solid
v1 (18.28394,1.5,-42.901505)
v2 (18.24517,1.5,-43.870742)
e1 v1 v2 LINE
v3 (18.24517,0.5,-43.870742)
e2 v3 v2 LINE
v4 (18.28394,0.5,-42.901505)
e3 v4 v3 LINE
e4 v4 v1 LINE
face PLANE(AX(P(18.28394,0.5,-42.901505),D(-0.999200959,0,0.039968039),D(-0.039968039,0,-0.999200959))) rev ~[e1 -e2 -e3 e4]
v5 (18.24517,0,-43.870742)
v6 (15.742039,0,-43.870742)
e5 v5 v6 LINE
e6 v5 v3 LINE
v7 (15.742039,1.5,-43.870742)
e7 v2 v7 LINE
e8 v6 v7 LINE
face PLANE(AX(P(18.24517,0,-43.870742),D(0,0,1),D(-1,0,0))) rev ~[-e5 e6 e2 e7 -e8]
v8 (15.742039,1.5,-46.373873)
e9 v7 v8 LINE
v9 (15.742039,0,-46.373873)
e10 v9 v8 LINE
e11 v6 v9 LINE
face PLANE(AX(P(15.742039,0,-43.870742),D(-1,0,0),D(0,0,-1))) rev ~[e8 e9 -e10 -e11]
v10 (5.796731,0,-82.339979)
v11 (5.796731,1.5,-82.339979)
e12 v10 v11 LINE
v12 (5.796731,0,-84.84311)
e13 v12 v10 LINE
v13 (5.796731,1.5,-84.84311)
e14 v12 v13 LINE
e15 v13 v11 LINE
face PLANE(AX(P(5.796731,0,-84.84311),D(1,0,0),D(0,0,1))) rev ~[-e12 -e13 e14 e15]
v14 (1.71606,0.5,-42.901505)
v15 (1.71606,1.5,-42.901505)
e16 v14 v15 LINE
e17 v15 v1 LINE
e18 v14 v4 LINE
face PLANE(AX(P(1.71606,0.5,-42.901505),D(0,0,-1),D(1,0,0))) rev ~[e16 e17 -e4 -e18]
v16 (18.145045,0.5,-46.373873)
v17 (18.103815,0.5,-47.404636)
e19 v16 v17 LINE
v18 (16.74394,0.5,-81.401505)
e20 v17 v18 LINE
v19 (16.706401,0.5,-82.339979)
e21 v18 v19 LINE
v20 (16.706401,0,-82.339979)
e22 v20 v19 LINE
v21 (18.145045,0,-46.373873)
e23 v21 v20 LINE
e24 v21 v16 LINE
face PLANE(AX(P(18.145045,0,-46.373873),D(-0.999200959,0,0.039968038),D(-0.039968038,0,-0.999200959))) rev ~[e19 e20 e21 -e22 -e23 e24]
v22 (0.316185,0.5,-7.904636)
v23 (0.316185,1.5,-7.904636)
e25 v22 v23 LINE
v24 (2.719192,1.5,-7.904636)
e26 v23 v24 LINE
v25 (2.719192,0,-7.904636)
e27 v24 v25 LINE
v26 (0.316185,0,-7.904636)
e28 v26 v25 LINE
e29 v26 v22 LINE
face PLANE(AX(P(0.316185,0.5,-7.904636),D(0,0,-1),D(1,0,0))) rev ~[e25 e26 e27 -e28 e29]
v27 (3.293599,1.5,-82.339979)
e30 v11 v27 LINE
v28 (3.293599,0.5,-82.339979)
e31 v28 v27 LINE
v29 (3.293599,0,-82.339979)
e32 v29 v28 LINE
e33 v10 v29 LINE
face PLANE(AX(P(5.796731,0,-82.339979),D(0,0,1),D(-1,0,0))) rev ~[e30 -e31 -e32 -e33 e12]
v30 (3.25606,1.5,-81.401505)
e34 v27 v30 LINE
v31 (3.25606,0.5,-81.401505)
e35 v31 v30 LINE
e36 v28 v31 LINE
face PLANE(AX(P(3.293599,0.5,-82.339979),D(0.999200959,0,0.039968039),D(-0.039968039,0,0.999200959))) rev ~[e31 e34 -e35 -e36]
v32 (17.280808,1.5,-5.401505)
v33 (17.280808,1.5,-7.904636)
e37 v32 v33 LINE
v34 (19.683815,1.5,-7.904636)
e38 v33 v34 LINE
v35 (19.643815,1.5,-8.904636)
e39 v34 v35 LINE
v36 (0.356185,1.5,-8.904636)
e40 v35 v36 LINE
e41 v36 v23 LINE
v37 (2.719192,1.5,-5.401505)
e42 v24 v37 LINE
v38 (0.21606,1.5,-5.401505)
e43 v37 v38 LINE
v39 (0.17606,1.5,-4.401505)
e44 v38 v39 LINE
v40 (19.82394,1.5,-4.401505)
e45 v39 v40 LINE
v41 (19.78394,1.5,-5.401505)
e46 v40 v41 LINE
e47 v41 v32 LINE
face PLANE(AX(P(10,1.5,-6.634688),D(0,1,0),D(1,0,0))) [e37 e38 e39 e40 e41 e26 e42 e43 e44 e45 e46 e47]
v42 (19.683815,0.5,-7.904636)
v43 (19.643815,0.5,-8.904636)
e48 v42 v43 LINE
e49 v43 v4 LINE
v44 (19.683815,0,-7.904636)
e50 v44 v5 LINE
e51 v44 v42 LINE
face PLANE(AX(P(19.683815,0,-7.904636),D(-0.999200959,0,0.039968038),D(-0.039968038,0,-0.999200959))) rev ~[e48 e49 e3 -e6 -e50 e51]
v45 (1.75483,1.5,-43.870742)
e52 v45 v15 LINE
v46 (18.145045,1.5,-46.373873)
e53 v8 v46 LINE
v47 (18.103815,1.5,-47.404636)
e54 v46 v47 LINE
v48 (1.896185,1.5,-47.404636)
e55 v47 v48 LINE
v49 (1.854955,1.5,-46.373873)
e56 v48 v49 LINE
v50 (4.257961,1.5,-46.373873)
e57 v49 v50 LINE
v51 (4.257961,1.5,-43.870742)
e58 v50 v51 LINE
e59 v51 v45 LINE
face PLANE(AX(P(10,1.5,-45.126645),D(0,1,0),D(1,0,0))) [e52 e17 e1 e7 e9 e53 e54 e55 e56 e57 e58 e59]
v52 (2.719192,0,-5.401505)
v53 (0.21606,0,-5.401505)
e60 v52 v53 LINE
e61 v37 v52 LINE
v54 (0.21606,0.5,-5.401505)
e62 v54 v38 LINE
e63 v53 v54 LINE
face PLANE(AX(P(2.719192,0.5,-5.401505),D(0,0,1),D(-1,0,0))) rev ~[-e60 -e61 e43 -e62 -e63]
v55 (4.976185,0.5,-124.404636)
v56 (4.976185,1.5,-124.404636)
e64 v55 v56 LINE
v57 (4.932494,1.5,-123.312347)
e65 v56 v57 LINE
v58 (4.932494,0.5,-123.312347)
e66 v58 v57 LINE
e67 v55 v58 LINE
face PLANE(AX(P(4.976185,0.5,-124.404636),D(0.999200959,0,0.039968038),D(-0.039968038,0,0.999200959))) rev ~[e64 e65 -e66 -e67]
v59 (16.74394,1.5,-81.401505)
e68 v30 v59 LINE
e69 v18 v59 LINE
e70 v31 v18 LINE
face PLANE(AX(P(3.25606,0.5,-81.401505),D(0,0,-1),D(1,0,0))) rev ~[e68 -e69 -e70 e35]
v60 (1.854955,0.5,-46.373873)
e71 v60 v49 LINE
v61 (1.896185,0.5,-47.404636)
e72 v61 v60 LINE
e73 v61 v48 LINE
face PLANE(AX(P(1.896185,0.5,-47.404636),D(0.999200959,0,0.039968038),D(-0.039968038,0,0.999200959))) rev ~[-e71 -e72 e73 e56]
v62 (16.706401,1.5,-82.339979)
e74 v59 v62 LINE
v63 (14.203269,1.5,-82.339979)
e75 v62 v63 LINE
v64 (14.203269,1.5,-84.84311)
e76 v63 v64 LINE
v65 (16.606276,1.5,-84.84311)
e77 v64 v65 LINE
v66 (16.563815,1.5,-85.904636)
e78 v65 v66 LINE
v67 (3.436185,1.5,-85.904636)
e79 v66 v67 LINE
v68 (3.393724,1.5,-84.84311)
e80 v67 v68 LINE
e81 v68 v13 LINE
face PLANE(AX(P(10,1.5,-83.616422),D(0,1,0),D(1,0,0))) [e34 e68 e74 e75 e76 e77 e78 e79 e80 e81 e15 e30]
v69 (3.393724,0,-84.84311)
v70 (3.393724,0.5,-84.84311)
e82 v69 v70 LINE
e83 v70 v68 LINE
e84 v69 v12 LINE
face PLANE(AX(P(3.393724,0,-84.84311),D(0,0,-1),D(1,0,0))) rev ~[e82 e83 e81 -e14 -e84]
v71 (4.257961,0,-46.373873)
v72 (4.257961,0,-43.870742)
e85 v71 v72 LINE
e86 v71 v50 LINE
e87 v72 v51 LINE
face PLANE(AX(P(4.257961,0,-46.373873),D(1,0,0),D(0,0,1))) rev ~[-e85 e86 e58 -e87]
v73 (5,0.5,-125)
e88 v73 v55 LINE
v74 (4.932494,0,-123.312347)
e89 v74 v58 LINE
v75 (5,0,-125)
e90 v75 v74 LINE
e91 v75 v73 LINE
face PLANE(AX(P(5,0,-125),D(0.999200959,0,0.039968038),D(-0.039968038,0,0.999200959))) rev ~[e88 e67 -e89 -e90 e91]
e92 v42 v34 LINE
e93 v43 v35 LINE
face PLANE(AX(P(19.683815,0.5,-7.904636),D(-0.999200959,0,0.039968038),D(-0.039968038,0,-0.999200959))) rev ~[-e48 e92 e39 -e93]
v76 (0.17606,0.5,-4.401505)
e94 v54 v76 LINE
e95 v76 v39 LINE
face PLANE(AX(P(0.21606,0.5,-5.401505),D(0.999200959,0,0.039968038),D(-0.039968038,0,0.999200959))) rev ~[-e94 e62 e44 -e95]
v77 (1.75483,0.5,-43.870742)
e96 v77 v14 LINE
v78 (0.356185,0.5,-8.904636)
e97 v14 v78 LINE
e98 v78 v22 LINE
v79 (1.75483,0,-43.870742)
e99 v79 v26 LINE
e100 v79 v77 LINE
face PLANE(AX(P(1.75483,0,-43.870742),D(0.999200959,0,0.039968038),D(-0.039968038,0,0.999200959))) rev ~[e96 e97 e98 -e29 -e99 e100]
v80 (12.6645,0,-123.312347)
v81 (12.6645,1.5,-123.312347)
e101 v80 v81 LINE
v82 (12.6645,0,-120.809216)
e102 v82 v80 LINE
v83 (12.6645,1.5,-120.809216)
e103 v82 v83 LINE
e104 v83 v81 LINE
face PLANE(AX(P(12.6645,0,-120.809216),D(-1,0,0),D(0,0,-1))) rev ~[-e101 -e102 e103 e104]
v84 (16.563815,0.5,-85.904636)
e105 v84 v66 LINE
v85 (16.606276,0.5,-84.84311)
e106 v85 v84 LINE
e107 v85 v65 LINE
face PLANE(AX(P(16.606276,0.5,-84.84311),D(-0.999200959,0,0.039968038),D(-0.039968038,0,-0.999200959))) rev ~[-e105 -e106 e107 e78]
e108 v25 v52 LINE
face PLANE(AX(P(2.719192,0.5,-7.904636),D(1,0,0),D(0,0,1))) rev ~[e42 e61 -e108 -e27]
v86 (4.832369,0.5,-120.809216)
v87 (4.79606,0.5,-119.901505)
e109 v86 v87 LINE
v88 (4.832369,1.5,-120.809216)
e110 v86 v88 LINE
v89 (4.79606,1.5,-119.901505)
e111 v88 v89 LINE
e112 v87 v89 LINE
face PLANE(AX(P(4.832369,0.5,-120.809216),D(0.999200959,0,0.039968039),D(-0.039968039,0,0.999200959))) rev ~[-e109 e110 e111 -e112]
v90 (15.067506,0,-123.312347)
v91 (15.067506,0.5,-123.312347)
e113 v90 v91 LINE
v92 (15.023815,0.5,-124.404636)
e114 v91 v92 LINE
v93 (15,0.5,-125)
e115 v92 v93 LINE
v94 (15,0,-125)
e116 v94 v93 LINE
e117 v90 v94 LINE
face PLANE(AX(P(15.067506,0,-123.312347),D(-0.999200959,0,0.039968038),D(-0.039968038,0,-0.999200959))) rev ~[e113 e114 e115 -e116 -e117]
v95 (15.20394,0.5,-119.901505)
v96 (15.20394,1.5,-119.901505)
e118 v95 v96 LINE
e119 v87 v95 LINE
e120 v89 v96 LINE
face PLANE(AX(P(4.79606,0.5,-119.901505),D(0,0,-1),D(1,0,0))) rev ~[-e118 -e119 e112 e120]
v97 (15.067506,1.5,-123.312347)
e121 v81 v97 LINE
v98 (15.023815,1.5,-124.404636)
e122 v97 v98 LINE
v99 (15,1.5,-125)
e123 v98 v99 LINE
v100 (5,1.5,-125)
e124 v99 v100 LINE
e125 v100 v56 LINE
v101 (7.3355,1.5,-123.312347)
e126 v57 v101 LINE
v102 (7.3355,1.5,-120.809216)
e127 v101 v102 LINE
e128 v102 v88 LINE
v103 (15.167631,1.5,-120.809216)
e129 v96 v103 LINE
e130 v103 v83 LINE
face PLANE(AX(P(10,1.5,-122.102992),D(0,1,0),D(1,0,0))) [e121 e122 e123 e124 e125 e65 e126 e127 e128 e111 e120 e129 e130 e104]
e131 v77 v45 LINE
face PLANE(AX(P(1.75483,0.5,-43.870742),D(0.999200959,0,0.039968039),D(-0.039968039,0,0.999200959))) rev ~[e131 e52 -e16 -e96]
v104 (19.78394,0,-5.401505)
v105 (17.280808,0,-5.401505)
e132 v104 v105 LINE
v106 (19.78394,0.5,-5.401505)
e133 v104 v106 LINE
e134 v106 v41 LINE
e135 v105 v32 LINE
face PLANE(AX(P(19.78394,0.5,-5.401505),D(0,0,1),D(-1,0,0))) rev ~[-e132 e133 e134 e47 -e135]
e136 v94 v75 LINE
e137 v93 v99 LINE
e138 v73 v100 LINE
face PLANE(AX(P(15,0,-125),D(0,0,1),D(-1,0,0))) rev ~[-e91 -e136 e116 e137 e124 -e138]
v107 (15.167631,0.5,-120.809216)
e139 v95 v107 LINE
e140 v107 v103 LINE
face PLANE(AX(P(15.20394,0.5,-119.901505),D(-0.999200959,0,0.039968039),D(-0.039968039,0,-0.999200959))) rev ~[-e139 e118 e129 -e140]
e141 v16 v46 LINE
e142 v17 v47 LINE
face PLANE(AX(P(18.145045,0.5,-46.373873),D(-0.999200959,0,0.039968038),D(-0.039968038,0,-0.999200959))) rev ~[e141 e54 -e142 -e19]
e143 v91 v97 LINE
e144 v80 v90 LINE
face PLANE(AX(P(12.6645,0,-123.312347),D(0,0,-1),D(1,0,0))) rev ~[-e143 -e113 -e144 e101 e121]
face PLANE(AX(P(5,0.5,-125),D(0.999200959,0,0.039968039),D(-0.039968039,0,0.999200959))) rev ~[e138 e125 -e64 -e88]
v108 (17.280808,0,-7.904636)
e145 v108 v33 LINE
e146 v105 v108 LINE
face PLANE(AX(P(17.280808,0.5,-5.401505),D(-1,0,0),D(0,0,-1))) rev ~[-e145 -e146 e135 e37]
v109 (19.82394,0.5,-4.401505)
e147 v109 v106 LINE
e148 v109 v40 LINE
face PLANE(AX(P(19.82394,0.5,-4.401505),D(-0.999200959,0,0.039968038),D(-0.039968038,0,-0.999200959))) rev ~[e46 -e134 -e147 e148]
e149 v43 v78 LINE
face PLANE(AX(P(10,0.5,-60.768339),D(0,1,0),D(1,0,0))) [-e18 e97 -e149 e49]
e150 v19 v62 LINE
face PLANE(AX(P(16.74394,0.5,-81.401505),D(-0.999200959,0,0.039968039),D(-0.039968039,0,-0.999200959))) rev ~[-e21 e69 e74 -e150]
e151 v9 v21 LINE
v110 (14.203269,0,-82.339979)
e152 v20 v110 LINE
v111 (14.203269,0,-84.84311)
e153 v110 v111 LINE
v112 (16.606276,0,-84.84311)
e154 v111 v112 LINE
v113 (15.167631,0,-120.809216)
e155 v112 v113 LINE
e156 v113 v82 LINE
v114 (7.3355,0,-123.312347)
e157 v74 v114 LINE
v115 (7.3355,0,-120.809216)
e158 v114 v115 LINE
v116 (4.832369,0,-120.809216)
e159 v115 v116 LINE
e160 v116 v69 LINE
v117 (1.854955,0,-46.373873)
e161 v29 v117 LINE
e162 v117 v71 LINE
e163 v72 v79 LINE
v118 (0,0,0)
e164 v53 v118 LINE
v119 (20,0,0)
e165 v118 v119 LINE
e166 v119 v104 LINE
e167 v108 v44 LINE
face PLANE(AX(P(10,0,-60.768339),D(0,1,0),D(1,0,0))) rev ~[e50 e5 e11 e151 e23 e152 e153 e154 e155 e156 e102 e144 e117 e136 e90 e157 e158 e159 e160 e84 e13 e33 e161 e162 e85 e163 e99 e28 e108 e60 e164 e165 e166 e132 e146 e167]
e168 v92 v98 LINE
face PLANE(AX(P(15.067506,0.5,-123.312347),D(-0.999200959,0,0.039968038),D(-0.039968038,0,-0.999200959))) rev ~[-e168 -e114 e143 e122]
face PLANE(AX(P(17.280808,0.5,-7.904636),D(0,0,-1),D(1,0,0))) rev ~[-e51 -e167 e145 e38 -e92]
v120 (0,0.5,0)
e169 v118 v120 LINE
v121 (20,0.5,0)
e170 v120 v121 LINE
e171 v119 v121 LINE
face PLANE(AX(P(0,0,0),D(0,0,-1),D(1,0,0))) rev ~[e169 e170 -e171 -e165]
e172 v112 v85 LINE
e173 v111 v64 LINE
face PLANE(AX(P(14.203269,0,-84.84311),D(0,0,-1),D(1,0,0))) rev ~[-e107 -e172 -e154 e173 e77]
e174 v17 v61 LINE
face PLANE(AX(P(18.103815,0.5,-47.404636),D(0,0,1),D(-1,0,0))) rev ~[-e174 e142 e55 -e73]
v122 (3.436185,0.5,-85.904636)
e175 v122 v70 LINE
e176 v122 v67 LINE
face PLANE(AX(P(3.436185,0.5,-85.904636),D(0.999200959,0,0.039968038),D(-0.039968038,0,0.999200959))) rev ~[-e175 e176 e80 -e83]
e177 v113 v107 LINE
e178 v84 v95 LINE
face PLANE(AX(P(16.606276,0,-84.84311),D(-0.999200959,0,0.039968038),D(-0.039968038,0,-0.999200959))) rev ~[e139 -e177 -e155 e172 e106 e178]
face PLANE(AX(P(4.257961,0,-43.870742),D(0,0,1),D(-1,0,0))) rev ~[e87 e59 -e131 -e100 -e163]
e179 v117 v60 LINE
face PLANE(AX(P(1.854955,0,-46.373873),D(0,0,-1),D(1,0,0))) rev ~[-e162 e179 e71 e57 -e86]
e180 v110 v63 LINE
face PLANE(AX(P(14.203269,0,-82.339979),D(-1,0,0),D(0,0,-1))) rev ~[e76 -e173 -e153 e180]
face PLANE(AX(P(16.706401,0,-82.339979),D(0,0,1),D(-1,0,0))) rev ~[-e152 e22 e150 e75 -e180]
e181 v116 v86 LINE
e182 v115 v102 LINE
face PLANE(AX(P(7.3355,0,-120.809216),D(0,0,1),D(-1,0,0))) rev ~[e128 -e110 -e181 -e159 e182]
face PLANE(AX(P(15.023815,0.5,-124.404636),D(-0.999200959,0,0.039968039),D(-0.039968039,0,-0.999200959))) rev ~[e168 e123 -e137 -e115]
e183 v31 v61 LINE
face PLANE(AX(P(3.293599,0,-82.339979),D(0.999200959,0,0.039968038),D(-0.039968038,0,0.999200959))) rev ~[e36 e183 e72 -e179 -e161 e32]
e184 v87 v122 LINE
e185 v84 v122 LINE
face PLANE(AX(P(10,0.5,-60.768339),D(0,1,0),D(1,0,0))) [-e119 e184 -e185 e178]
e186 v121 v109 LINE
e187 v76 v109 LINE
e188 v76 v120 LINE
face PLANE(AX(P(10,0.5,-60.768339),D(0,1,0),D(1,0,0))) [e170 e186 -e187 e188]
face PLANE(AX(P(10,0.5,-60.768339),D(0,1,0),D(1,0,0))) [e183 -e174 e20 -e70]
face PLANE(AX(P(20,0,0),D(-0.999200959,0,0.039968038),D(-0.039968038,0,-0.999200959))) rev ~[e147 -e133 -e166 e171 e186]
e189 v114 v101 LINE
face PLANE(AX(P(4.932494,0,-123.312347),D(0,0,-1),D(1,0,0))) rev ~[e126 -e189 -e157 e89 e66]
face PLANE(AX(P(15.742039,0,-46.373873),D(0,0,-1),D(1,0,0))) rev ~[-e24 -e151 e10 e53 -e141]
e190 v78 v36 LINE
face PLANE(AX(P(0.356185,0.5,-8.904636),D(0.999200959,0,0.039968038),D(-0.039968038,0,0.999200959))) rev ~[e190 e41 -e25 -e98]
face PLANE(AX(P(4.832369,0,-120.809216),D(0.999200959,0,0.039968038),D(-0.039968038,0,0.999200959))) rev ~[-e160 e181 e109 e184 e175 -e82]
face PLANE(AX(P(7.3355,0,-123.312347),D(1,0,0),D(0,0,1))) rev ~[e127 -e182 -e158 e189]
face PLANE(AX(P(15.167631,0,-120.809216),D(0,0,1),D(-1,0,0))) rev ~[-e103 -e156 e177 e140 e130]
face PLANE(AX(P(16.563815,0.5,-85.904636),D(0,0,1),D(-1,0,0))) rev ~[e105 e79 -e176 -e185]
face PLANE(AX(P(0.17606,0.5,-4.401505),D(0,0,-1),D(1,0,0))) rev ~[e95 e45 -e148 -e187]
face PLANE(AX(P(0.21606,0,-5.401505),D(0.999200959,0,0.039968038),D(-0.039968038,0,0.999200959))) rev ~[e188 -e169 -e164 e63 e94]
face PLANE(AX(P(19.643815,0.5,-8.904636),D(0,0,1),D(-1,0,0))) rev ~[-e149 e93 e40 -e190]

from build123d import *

# Parameters (mm, degrees)
BOSS_EXTRUDE1_DEPTH = 0.5
BOSS_EXTRUDE2_DEPTH = 1


with BuildPart() as part:
    # Sketch2 → Boss-Extrude1 (new body)
    with BuildSketch(Plane(origin=(0, 0, 0), x_dir=(1, 0, 0), z_dir=(0, 1, 0))):
        Polygon((0.216060204, 5.401505112), (0, 0), (20, 0), (19.783939796, 5.401505112), (17.280808425, 5.401505112), (17.280808425, 7.904636482), (19.683814541, 7.904636482), (18.245170319, 43.870742022), (15.742038949, 43.870742022), (15.742038949, 46.373873393), (18.145045064, 46.373873393), (16.706400843, 82.339978933), (14.203269472, 82.339978933), (14.203269472, 84.843110303), (16.606275588, 84.843110303), (15.167631366, 120.809215844), (12.664499996, 120.809215844), (12.664499996, 123.312347214), (15.067506111, 123.312347214), (15, 125), (5, 125), (4.932493889, 123.312347214), (7.335500004, 123.312347214), (7.335500004, 120.809215844), (4.832368634, 120.809215844), (3.393724412, 84.843110303), (5.796730528, 84.843110303), (5.796730528, 82.339978933), (3.293599157, 82.339978933), (1.854954936, 46.373873393), (4.257961051, 46.373873393), (4.257961051, 43.870742022), (1.754829681, 43.870742022), (0.316185459, 7.904636482), (2.719191575, 7.904636482), (2.719191575, 5.401505112), align=None)
    extrude(amount=BOSS_EXTRUDE1_DEPTH)

    # Sketch3 → Boss-Extrude2 (add)
    with BuildSketch(Plane(origin=(0, 0.5, 0), x_dir=(1, 0, 0), z_dir=(0, 1, 0))):
        Polygon((0.216060204, 5.401505112), (0.176060204, 4.401505112), (19.823939796, 4.401505112), (19.783939796, 5.401505112), (17.280808425, 5.401505112), (17.280808425, 7.904636482), (19.683814541, 7.904636482), (19.643814541, 8.904636482), (0.356185459, 8.904636482), (0.316185459, 7.904636482), (2.719191575, 7.904636482), (2.719191575, 5.401505112), align=None)
        Polygon((1.754829681, 43.870742022), (1.716060204, 42.901505112), (18.283939796, 42.901505112), (18.245170319, 43.870742022), (15.742038949, 43.870742022), (15.742038949, 46.373873393), (18.145045064, 46.373873393), (18.103814541, 47.404636482), (1.896185459, 47.404636482), (1.854954936, 46.373873393), (4.257961051, 46.373873393), (4.257961051, 43.870742022), align=None)
        Polygon((3.293599157, 82.339978933), (3.256060204, 81.401505112), (16.743939796, 81.401505112), (16.706400843, 82.339978933), (14.203269472, 82.339978933), (14.203269472, 84.843110303), (16.606275588, 84.843110303), (16.563814541, 85.904636482), (3.436185459, 85.904636482), (3.393724412, 84.843110303), (5.796730528, 84.843110303), (5.796730528, 82.339978933), align=None)
        Polygon((4.832368634, 120.809215844), (4.796060204, 119.901505112), (15.203939796, 119.901505112), (15.167631366, 120.809215844), (12.664499996, 120.809215844), (12.664499996, 123.312347214), (15.067506111, 123.312347214), (15.023814541, 124.404636482), (4.976185459, 124.404636482), (4.932493889, 123.312347214), (7.335500004, 123.312347214), (7.335500004, 120.809215844), align=None)
        Polygon((5, 125), (4.976185459, 124.404636482), (15.023814541, 124.404636482), (15, 125), align=None)
    extrude(amount=BOSS_EXTRUDE2_DEPTH)


solid = part.part
